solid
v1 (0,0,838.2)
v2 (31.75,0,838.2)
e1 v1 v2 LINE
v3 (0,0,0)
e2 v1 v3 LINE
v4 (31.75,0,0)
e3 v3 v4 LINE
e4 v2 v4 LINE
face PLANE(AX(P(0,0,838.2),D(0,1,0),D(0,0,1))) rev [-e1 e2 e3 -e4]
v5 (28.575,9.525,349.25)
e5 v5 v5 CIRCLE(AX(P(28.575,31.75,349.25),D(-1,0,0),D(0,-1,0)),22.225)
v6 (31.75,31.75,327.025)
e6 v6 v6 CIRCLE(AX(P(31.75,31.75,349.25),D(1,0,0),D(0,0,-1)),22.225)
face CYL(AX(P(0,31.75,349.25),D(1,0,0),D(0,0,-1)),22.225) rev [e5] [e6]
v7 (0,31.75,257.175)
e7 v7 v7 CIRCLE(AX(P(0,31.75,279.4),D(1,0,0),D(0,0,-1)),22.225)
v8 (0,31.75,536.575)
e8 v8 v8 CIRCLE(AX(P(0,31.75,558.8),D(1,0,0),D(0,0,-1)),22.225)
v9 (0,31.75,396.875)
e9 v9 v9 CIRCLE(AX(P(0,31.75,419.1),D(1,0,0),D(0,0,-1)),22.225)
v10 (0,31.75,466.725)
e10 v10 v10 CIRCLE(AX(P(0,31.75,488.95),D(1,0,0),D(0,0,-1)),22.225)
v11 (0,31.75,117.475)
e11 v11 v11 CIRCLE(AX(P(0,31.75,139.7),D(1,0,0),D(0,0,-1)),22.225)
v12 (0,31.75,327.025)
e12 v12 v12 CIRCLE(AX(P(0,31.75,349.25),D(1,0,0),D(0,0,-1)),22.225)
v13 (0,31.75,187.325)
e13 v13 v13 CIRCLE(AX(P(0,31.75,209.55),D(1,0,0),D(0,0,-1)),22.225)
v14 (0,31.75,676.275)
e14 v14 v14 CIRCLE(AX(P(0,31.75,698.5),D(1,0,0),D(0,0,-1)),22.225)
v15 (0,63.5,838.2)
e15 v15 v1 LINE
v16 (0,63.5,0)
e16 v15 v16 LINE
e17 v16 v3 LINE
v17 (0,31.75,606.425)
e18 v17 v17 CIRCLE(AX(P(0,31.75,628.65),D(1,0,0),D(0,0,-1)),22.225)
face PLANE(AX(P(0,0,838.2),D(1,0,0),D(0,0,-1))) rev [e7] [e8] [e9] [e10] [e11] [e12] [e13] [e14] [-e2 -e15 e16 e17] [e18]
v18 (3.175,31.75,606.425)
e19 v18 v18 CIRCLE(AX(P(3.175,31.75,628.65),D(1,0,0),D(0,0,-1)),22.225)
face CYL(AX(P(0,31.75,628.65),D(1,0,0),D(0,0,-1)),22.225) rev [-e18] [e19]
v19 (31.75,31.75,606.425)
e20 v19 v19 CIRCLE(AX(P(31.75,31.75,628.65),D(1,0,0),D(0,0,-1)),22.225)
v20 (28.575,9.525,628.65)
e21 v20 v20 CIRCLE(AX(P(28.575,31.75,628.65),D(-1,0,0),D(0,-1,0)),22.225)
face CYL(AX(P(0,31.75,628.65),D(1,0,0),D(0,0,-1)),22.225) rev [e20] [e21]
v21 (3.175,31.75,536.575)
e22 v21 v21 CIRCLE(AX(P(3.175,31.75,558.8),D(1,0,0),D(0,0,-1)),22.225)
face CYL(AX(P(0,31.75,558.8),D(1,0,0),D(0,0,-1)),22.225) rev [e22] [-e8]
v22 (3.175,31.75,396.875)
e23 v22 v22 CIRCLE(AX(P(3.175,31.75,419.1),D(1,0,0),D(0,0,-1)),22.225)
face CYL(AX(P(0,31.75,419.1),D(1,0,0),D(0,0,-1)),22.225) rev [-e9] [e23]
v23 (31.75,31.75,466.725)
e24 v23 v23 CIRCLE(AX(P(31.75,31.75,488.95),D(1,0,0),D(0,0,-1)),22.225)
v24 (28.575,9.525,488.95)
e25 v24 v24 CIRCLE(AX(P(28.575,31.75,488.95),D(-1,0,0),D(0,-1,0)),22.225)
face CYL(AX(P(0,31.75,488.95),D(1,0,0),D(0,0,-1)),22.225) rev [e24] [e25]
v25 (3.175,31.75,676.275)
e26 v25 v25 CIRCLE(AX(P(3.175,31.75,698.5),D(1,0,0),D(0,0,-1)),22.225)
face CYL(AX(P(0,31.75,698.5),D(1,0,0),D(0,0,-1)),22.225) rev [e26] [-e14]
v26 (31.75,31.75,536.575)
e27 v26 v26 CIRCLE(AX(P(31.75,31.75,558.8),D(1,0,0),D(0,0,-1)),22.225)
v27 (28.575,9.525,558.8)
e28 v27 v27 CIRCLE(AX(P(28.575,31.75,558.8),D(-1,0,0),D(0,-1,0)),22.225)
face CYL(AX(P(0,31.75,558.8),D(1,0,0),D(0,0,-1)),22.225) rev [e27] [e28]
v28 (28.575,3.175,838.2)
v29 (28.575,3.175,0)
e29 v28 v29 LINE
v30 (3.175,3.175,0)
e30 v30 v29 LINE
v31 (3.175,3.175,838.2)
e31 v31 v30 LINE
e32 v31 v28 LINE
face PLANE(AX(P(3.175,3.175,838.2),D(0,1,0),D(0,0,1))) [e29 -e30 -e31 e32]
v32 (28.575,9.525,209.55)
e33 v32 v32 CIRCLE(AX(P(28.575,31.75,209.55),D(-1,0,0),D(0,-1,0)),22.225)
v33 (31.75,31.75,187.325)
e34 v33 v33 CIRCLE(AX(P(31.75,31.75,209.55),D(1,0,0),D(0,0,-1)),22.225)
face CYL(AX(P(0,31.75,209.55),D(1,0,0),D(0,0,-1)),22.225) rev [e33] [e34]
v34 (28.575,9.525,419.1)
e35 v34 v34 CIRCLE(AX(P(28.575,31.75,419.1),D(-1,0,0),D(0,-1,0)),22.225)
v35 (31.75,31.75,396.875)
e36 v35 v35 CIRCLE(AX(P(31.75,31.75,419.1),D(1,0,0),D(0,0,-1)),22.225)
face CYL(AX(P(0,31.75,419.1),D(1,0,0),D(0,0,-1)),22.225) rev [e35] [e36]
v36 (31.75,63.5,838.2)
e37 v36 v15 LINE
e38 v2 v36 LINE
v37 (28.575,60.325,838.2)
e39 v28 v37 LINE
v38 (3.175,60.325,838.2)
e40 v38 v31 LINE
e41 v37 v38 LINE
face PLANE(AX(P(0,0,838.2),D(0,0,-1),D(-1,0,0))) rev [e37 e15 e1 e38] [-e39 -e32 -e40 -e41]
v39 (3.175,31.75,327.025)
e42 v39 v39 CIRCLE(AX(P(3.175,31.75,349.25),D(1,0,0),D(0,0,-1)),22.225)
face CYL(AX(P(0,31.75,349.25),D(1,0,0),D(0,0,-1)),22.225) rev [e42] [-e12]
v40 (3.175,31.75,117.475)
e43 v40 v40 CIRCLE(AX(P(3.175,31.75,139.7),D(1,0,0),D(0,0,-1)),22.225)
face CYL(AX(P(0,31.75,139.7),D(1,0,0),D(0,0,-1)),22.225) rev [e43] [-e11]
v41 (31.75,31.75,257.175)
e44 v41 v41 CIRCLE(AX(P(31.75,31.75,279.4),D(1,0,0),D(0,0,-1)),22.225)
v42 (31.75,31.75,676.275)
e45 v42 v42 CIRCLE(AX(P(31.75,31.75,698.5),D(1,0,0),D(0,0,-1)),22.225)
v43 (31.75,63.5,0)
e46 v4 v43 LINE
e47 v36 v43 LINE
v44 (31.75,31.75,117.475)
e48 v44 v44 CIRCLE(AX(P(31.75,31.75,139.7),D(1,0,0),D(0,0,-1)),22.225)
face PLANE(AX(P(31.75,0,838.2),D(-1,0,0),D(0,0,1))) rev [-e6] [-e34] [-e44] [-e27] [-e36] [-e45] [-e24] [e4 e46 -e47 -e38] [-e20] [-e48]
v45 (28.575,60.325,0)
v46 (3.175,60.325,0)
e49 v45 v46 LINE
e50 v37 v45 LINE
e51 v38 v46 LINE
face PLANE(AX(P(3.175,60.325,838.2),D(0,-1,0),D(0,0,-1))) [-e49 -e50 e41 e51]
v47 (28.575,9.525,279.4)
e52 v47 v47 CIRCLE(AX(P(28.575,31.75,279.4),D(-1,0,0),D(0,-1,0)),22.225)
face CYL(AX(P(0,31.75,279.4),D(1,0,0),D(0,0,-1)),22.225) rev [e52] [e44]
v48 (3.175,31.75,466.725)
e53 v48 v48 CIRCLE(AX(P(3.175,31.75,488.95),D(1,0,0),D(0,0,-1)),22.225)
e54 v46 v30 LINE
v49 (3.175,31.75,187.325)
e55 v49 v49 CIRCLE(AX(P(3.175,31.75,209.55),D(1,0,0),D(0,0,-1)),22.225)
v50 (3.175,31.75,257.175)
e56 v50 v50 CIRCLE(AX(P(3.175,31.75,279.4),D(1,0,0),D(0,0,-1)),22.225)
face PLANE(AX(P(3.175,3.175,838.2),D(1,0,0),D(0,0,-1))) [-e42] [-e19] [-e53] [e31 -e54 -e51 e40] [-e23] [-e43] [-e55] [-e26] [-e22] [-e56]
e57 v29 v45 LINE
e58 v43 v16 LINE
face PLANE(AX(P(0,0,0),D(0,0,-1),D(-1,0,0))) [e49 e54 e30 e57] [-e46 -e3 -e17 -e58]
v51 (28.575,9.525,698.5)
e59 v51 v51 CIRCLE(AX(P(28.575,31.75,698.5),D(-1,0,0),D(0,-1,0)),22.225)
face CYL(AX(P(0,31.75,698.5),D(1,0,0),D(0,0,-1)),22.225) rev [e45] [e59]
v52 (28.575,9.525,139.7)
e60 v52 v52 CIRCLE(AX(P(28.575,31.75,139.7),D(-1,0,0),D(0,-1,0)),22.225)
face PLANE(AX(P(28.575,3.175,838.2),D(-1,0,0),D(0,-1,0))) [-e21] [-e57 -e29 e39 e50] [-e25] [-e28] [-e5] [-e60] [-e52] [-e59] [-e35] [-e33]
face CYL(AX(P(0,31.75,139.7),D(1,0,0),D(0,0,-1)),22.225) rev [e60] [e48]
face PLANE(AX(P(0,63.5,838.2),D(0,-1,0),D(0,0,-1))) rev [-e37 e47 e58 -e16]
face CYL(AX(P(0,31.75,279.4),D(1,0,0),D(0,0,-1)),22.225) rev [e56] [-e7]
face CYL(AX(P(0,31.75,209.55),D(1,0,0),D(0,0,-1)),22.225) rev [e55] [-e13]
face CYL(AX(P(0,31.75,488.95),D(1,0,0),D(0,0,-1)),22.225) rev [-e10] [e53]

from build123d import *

# Parameters (mm, degrees)
SKETCH1_W           = 31.75
SKETCH1_H           = 63.5
SKETCH1_W_2         = 25.4
SKETCH1_H_2         = 57.15
BOSS_EXTRUDE1_DEPTH = 838.2
SKETCH2_R           = 22.225
CUT_EXTRUDE1_DEPTH  = 31.75


with BuildPart() as part:
    # Sketch1 → Boss-Extrude1 (new body)
    with BuildSketch(Plane.XY):
        with Locations((15.875, 31.75)):
            Rectangle(SKETCH1_W, SKETCH1_H)
        with Locations((15.875, 31.75)):
            Rectangle(SKETCH1_W_2, SKETCH1_H_2, mode=Mode.SUBTRACT)
    extrude(amount=BOSS_EXTRUDE1_DEPTH)

    # Sketch2 → Cut-Extrude1 (cut)
    with BuildSketch(Plane(origin=(31.75, 0, 0), x_dir=(0, 0, -1), z_dir=(1, 0, 0))):
        with Locations((-698.5, 31.75)):
            Circle(SKETCH2_R)
        with Locations((-628.65, 31.75)):
            Circle(SKETCH2_R)
        with Locations((-558.8, 31.75)):
            Circle(SKETCH2_R)
        with Locations((-488.95, 31.75)):
            Circle(SKETCH2_R)
        with Locations((-419.1, 31.75)):
            Circle(SKETCH2_R)
        with Locations((-349.25, 31.75)):
            Circle(SKETCH2_R)
        with Locations((-279.4, 31.75)):
            Circle(SKETCH2_R)
        with Locations((-209.55, 31.75)):
            Circle(SKETCH2_R)
        with Locations((-139.7, 31.75)):
            Circle(SKETCH2_R)
    extrude(amount=-CUT_EXTRUDE1_DEPTH, mode=Mode.SUBTRACT)


solid = part.part
